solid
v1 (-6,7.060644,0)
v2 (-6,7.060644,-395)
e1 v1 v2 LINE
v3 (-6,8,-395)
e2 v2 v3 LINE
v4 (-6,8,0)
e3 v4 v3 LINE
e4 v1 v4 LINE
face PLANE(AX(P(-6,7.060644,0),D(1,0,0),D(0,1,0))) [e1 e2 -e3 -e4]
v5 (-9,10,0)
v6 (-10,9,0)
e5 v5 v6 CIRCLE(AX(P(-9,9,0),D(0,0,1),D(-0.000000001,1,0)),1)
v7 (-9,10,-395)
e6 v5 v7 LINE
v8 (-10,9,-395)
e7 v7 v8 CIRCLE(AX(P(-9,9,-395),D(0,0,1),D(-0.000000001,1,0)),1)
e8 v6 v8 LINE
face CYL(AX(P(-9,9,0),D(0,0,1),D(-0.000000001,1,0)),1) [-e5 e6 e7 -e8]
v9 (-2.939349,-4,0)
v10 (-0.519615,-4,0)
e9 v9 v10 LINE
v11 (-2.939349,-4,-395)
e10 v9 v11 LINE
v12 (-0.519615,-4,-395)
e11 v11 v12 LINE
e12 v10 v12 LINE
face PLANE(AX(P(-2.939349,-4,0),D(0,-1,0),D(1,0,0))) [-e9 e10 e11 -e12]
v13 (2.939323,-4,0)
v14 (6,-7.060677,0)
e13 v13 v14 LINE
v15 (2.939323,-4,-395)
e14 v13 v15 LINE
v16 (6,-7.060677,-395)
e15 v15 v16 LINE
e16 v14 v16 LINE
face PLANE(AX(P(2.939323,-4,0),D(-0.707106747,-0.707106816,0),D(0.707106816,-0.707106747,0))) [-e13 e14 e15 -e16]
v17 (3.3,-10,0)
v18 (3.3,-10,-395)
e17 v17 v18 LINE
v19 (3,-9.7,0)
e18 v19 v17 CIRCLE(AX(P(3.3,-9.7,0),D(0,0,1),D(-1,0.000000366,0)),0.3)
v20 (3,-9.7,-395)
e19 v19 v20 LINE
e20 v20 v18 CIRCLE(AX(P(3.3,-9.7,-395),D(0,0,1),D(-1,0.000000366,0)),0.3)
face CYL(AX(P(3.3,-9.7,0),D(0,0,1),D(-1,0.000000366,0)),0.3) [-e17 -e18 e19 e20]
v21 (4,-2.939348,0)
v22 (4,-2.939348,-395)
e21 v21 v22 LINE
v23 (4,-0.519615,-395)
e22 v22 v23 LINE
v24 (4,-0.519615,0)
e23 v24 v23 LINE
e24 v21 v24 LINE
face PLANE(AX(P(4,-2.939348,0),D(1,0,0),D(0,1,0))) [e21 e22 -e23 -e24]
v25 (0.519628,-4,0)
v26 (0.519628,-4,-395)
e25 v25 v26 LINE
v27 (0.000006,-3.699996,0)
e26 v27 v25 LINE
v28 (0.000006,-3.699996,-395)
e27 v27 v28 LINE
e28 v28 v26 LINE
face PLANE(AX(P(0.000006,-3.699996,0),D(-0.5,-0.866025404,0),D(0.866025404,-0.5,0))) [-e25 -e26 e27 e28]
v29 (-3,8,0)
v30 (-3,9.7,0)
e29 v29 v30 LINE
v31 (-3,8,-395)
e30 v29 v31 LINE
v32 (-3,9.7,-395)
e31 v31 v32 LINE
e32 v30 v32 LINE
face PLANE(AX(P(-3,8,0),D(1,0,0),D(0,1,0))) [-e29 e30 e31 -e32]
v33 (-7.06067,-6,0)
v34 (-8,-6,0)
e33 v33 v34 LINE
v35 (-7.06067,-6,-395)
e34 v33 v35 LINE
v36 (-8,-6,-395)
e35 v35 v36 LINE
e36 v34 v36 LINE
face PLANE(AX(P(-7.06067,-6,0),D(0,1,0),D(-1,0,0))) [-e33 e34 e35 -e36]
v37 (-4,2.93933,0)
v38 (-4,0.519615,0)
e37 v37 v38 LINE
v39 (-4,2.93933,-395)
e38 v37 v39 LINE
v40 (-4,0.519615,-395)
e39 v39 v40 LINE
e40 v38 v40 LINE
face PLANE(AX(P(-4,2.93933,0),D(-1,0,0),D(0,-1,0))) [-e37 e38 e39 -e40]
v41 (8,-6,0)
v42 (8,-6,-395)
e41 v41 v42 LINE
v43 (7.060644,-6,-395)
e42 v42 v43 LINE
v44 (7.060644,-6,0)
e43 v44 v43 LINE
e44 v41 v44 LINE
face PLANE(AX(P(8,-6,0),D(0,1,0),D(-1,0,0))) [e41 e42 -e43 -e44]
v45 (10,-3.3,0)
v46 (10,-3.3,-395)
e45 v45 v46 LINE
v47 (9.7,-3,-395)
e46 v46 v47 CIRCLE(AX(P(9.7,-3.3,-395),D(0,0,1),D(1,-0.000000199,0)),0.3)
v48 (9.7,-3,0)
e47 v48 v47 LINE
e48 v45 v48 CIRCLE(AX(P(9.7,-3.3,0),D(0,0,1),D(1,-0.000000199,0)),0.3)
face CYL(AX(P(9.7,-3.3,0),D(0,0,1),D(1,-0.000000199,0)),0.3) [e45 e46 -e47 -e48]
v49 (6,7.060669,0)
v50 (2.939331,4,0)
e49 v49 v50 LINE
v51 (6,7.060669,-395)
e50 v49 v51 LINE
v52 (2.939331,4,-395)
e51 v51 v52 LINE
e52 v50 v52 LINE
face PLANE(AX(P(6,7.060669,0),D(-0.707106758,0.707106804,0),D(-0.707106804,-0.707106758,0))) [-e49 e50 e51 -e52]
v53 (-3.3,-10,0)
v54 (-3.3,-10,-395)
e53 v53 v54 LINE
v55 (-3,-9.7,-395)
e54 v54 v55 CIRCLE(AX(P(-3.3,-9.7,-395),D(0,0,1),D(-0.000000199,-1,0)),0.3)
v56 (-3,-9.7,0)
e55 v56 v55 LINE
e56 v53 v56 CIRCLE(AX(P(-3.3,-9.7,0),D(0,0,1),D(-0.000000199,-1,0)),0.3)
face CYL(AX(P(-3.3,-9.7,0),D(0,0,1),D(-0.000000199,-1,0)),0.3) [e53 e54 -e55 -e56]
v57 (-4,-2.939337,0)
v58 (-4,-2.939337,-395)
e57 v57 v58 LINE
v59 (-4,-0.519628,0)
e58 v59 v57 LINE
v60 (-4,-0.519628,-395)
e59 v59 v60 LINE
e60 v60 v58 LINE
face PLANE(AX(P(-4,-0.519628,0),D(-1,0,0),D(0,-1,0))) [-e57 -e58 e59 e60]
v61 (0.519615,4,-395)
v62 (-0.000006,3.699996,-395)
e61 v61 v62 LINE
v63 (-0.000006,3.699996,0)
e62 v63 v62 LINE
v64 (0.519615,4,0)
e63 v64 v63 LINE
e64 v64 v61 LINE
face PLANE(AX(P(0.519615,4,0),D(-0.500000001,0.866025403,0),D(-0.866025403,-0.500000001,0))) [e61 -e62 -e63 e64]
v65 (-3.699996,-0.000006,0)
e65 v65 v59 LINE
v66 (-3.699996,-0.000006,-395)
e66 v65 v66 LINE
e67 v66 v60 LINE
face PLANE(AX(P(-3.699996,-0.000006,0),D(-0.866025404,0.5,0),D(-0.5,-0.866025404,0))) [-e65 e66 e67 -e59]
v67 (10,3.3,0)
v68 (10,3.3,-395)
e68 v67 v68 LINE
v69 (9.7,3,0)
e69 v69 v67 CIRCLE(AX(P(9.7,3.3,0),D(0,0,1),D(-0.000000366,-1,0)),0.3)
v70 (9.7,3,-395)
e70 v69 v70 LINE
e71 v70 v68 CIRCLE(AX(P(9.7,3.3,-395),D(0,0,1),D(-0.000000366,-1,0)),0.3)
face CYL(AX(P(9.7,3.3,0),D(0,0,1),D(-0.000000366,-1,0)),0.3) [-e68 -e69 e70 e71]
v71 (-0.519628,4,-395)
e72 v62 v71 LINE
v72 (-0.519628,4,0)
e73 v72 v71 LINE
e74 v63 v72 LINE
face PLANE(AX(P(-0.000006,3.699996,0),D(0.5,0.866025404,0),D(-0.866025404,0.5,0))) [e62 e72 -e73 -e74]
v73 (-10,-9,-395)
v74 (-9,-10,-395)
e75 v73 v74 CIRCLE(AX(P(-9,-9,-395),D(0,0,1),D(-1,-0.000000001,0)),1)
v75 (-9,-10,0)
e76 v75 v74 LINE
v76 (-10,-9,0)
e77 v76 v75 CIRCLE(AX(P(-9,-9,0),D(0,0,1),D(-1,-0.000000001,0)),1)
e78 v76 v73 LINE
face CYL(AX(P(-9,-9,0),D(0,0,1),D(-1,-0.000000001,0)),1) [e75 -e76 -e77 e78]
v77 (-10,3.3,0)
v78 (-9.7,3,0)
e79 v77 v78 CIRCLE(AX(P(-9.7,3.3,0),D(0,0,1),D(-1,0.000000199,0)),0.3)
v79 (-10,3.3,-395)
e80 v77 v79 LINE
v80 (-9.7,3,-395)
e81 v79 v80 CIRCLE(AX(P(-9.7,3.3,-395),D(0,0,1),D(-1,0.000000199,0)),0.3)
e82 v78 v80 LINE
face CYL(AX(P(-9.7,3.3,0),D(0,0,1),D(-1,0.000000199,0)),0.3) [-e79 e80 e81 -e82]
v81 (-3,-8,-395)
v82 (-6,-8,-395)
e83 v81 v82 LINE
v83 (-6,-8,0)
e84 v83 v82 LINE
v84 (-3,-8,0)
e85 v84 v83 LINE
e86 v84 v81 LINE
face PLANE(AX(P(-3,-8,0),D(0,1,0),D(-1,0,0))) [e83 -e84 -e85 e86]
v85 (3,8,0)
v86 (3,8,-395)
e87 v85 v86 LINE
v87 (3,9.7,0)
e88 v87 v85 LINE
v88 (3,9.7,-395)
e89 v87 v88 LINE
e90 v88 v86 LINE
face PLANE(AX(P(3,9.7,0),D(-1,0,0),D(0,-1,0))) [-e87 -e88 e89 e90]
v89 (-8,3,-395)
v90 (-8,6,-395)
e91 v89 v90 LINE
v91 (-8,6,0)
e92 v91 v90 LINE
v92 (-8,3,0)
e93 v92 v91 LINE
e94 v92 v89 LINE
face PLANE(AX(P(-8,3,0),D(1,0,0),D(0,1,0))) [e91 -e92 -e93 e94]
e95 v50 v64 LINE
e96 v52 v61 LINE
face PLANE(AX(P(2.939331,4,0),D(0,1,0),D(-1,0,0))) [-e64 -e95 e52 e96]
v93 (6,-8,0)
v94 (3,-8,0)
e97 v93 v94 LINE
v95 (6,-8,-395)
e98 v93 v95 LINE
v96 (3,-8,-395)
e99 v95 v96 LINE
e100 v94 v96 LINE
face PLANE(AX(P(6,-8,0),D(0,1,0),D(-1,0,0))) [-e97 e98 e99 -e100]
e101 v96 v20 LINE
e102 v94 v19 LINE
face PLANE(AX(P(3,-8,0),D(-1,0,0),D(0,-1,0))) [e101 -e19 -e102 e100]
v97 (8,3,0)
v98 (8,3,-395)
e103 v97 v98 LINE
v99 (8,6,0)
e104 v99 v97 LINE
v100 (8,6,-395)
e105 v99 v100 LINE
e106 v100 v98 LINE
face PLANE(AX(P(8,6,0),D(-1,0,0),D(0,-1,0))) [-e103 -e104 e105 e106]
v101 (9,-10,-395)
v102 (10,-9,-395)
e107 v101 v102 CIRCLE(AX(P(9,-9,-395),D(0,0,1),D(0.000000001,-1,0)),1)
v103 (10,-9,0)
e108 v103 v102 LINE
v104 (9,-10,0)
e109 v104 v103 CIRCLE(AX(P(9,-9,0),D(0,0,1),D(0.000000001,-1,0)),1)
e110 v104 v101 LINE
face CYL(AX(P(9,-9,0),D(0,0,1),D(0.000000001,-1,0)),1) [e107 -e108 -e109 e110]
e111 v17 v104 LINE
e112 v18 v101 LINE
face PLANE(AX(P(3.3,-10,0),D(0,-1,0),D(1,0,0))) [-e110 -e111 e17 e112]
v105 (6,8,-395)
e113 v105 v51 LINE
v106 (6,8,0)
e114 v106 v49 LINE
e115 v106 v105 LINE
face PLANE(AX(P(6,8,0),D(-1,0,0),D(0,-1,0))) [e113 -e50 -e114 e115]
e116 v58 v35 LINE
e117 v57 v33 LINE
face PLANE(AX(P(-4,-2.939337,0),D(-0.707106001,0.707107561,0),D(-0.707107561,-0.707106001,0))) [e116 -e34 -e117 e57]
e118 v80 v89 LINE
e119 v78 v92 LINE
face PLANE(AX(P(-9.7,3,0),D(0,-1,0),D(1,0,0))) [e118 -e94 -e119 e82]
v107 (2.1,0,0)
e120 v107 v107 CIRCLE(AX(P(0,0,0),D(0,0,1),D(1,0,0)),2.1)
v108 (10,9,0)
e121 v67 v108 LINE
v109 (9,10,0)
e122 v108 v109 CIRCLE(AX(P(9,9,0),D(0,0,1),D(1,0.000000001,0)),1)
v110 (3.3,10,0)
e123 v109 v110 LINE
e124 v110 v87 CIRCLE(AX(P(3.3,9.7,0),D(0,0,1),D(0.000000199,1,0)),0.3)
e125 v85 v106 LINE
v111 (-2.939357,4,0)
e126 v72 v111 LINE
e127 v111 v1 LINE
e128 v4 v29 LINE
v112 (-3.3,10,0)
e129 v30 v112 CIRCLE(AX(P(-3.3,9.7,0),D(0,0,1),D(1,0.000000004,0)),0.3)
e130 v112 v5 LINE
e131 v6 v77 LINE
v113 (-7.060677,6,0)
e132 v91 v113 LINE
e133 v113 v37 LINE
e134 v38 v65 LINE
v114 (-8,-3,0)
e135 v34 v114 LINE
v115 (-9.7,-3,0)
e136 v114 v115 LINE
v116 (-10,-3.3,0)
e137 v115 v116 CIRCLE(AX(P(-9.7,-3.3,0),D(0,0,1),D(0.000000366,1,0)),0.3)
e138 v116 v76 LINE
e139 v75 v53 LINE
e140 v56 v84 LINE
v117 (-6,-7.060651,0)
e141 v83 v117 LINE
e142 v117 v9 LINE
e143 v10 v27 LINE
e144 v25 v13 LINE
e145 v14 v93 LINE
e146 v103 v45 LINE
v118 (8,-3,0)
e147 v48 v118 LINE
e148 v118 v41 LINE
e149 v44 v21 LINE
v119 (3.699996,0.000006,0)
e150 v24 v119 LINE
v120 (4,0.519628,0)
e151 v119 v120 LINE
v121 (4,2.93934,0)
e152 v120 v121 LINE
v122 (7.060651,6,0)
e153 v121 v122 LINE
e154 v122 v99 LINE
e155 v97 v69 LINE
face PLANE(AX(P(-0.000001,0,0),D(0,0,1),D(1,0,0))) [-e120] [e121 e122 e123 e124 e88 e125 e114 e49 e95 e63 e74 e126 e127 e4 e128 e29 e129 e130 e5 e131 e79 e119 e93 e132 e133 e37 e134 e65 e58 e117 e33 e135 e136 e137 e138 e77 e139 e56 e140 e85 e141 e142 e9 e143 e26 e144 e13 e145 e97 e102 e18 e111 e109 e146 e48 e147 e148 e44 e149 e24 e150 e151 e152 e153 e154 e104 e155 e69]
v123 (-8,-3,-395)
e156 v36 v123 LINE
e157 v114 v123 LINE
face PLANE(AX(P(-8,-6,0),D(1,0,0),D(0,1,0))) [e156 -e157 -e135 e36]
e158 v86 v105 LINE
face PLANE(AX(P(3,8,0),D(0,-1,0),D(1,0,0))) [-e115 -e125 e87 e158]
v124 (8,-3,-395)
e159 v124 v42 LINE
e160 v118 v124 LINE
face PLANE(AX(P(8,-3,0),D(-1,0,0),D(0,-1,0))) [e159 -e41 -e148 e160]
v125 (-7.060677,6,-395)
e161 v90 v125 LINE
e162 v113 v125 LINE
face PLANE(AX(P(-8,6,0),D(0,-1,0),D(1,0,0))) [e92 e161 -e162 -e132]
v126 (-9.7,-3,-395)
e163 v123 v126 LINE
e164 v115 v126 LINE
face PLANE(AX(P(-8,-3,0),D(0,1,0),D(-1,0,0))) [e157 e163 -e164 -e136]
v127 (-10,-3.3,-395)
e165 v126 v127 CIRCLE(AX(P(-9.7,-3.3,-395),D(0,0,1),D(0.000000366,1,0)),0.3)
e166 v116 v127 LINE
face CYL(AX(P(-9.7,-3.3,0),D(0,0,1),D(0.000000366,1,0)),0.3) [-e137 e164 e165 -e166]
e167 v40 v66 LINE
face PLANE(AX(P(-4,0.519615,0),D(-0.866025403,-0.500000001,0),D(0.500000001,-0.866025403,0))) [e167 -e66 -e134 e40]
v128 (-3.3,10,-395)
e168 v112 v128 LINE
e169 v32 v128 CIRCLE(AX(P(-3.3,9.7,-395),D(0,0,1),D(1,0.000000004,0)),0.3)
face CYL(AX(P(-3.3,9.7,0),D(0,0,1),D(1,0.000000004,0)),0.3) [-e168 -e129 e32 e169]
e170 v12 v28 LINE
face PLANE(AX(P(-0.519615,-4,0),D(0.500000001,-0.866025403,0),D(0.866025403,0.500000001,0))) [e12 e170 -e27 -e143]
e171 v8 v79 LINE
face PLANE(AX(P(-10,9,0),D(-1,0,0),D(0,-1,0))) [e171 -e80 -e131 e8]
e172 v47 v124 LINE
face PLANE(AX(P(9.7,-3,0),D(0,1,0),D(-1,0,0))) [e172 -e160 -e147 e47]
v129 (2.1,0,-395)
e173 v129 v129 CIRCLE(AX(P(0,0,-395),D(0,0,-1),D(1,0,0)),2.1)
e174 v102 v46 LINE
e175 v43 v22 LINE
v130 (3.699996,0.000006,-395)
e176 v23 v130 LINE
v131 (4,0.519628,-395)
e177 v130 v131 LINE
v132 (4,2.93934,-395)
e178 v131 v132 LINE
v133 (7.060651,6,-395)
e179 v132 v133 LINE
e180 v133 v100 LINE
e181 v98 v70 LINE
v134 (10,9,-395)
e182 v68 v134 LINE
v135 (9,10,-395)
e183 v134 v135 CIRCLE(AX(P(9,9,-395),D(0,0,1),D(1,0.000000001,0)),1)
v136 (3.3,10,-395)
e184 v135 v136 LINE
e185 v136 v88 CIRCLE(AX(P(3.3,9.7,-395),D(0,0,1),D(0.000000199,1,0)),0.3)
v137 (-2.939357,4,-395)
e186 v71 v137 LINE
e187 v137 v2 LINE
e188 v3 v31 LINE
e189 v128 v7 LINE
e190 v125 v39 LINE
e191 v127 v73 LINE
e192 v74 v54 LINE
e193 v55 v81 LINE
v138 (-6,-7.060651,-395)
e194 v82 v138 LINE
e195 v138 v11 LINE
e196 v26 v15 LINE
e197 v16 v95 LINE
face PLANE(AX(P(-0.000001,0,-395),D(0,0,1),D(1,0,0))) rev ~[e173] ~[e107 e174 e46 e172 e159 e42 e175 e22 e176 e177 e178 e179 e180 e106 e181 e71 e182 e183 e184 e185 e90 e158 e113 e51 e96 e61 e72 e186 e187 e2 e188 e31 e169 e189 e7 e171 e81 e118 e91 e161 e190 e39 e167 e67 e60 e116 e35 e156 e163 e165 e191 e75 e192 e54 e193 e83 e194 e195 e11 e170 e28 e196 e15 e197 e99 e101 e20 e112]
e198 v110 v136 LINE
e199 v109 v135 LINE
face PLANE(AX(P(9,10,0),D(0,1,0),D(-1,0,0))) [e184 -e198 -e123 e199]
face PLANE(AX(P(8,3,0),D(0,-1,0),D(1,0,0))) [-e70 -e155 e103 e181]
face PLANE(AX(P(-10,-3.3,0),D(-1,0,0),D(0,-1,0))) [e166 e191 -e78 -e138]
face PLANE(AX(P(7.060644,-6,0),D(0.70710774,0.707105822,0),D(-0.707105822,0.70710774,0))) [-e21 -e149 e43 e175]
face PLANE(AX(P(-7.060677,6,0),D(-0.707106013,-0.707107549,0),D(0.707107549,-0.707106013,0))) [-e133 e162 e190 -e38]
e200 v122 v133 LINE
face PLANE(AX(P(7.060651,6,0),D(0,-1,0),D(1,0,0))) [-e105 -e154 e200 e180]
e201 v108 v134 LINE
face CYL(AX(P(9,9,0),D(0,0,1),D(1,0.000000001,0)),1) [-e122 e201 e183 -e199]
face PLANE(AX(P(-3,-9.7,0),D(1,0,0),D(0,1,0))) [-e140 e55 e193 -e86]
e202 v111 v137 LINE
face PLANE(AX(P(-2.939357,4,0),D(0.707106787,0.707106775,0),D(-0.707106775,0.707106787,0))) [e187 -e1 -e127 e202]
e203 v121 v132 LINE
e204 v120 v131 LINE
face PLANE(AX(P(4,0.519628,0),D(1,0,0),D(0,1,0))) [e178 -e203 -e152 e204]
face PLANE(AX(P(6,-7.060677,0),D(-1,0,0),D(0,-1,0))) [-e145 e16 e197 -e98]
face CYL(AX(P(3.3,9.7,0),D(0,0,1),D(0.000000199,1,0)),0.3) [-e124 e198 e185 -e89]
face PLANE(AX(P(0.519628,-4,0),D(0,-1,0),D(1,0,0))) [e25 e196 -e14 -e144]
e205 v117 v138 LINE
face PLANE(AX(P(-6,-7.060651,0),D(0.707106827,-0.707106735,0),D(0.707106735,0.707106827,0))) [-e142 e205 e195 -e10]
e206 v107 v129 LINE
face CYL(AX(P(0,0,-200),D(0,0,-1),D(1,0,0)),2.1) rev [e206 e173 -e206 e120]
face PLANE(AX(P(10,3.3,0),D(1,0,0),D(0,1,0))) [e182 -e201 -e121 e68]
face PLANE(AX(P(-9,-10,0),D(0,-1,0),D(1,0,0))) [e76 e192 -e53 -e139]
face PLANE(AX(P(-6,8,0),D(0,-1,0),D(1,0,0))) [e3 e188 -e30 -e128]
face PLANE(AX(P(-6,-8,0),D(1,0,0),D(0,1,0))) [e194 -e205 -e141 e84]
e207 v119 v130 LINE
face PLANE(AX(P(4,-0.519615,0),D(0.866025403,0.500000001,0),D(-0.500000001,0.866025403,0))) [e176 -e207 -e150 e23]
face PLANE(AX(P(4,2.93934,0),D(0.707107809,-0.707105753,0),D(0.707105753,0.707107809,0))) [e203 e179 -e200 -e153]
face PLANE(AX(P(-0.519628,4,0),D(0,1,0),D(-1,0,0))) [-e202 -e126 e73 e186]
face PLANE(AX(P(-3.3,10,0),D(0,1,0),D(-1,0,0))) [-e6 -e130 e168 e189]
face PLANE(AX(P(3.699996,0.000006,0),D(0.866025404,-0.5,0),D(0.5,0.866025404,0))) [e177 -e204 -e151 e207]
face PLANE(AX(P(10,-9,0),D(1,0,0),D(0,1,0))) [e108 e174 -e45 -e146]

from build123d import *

# Parameters (mm, degrees)
BOSS_EXTRUDE1_DEPTH = 395
SKETCH2_W           = 400
SKETCH2_H           = 2.1


with BuildPart() as part:
    # Sketch1 → Boss-Extrude1 (new body)
    with BuildSketch(Plane.XY):
        with BuildLine():
            Line((-10, 9), (-10, 3.29999995))
            ThreePointArc((-10, 3.29999995), (-9.912132049, 3.087867916), (-9.7, 3))
            Line((-9.7, 3), (-8, 3))
            Line((-8, 3), (-8, 6))
            Line((-8, 6), (-7.060677, 6))
            Line((-7.060677, 6), (-4, 2.93932965))
            Line((-4, 2.93932965), (-4, 0.519615242))
            Line((-4, 0.519615242), (-3.699996283, -6.437e-06))
            Line((-3.699996283, -6.437e-06), (-4, -0.519628117))
            Line((-4, -0.519628117), (-4, -2.93933725))
            Line((-4, -2.93933725), (-7.0606695, -6))
            Line((-7.0606695, -6), (-8, -6))
            Line((-8, -6), (-8, -3))
            Line((-8, -3), (-9.7, -3))
            ThreePointArc((-9.7, -3), (-9.912132049, -3.087867916), (-10, -3.29999995))
            Line((-10, -3.29999995), (-10, -9))
            ThreePointArc((-10, -9), (-9.707106781, -9.707106781), (-9, -10))
            Line((-9, -10), (-3.29999995, -10))
            ThreePointArc((-3.29999995, -10), (-3.087867916, -9.912132049), (-3, -9.7))
            Line((-3, -9.7), (-3, -8))
            Line((-3, -8), (-6, -8))
            Line((-6, -8), (-6, -7.0606515))
            Line((-6, -7.0606515), (-2.9393489, -4))
            Line((-2.9393489, -4), (-0.519615242, -4))
            Line((-0.519615242, -4), (6.437e-06, -3.699996283))
            Line((6.437e-06, -3.699996283), (0.519628117, -4))
            Line((0.519628117, -4), (2.9393227, -4))
            Line((2.9393227, -4), (6, -7.060677))
            Line((6, -7.060677), (6, -8))
            Line((6, -8), (3, -8))
            Line((3, -8), (3, -9.7))
            ThreePointArc((3, -9.7), (3.087867916, -9.912132049), (3.29999995, -10))
            Line((3.29999995, -10), (9, -10))
            ThreePointArc((9, -10), (9.707106781, -9.707106781), (10, -9))
            Line((10, -9), (10, -3.29999995))
            ThreePointArc((10, -3.29999995), (9.912132049, -3.087867916), (9.7, -3))
            Line((9.7, -3), (8, -3))
            Line((8, -3), (8, -6))
            Line((8, -6), (7.0606435, -6))
            Line((7.0606435, -6), (4, -2.9393482))
            Line((4, -2.9393482), (4, -0.519615242))
            Line((4, -0.519615242), (3.699996283, 6.437e-06))
            Line((3.699996283, 6.437e-06), (4, 0.519628117))
            Line((4, 0.519628117), (4, 2.9393401))
            Line((4, 2.9393401), (7.060651, 6))
            Line((7.060651, 6), (8, 6))
            Line((8, 6), (8, 3))
            Line((8, 3), (9.7, 3))
            ThreePointArc((9.7, 3), (9.912132049, 3.087867916), (10, 3.29999995))
            Line((10, 3.29999995), (10, 9))
            ThreePointArc((10, 9), (9.707106781, 9.707106781), (9, 10))
            Line((9, 10), (3.29999995, 10))
            ThreePointArc((3.29999995, 10), (3.087867916, 9.912132049), (3, 9.7))
            Line((3, 9.7), (3, 8))
            Line((3, 8), (6, 8))
            Line((6, 8), (6, 7.060669))
            Line((6, 7.060669), (2.9393308, 4))
            Line((2.9393308, 4), (0.519615242, 4))
            Line((0.519615242, 4), (-6.437e-06, 3.699996283))
            Line((-6.437e-06, 3.699996283), (-0.519628117, 4))
            Line((-0.519628117, 4), (-2.93935655, 4))
            Line((-2.93935655, 4), (-6, 7.0606435))
            Line((-6, 7.0606435), (-6, 8))
            Line((-6, 8), (-3, 8))
            Line((-3, 8), (-3, 9.7))
            ThreePointArc((-3, 9.7), (-3.087867966, 9.912132034), (-3.3, 10))
            Line((-3.3, 10), (-9, 10))
            ThreePointArc((-9, 10), (-9.707106781, 9.707106781), (-10, 9))
        make_face()
    extrude(amount=-BOSS_EXTRUDE1_DEPTH)

    # Sketch2 → Cut-Revolve1 (revolve, cut)
    with BuildSketch(Plane(origin=(0, 0, 0), x_dir=(0, 0, -1), z_dir=(1, 0, 0)), mode=Mode.PRIVATE) as cut_revolve1_sk:
        with Locations((200, 1.05)):
            Rectangle(SKETCH2_W, SKETCH2_H)
    revolve(cut_revolve1_sk.sketch.rotate(Axis((0, 0, -400), (0, 0, 1)), 270), axis=Axis((0, 0, -400), (0, 0, 1)), mode=Mode.SUBTRACT)


solid = part.part
